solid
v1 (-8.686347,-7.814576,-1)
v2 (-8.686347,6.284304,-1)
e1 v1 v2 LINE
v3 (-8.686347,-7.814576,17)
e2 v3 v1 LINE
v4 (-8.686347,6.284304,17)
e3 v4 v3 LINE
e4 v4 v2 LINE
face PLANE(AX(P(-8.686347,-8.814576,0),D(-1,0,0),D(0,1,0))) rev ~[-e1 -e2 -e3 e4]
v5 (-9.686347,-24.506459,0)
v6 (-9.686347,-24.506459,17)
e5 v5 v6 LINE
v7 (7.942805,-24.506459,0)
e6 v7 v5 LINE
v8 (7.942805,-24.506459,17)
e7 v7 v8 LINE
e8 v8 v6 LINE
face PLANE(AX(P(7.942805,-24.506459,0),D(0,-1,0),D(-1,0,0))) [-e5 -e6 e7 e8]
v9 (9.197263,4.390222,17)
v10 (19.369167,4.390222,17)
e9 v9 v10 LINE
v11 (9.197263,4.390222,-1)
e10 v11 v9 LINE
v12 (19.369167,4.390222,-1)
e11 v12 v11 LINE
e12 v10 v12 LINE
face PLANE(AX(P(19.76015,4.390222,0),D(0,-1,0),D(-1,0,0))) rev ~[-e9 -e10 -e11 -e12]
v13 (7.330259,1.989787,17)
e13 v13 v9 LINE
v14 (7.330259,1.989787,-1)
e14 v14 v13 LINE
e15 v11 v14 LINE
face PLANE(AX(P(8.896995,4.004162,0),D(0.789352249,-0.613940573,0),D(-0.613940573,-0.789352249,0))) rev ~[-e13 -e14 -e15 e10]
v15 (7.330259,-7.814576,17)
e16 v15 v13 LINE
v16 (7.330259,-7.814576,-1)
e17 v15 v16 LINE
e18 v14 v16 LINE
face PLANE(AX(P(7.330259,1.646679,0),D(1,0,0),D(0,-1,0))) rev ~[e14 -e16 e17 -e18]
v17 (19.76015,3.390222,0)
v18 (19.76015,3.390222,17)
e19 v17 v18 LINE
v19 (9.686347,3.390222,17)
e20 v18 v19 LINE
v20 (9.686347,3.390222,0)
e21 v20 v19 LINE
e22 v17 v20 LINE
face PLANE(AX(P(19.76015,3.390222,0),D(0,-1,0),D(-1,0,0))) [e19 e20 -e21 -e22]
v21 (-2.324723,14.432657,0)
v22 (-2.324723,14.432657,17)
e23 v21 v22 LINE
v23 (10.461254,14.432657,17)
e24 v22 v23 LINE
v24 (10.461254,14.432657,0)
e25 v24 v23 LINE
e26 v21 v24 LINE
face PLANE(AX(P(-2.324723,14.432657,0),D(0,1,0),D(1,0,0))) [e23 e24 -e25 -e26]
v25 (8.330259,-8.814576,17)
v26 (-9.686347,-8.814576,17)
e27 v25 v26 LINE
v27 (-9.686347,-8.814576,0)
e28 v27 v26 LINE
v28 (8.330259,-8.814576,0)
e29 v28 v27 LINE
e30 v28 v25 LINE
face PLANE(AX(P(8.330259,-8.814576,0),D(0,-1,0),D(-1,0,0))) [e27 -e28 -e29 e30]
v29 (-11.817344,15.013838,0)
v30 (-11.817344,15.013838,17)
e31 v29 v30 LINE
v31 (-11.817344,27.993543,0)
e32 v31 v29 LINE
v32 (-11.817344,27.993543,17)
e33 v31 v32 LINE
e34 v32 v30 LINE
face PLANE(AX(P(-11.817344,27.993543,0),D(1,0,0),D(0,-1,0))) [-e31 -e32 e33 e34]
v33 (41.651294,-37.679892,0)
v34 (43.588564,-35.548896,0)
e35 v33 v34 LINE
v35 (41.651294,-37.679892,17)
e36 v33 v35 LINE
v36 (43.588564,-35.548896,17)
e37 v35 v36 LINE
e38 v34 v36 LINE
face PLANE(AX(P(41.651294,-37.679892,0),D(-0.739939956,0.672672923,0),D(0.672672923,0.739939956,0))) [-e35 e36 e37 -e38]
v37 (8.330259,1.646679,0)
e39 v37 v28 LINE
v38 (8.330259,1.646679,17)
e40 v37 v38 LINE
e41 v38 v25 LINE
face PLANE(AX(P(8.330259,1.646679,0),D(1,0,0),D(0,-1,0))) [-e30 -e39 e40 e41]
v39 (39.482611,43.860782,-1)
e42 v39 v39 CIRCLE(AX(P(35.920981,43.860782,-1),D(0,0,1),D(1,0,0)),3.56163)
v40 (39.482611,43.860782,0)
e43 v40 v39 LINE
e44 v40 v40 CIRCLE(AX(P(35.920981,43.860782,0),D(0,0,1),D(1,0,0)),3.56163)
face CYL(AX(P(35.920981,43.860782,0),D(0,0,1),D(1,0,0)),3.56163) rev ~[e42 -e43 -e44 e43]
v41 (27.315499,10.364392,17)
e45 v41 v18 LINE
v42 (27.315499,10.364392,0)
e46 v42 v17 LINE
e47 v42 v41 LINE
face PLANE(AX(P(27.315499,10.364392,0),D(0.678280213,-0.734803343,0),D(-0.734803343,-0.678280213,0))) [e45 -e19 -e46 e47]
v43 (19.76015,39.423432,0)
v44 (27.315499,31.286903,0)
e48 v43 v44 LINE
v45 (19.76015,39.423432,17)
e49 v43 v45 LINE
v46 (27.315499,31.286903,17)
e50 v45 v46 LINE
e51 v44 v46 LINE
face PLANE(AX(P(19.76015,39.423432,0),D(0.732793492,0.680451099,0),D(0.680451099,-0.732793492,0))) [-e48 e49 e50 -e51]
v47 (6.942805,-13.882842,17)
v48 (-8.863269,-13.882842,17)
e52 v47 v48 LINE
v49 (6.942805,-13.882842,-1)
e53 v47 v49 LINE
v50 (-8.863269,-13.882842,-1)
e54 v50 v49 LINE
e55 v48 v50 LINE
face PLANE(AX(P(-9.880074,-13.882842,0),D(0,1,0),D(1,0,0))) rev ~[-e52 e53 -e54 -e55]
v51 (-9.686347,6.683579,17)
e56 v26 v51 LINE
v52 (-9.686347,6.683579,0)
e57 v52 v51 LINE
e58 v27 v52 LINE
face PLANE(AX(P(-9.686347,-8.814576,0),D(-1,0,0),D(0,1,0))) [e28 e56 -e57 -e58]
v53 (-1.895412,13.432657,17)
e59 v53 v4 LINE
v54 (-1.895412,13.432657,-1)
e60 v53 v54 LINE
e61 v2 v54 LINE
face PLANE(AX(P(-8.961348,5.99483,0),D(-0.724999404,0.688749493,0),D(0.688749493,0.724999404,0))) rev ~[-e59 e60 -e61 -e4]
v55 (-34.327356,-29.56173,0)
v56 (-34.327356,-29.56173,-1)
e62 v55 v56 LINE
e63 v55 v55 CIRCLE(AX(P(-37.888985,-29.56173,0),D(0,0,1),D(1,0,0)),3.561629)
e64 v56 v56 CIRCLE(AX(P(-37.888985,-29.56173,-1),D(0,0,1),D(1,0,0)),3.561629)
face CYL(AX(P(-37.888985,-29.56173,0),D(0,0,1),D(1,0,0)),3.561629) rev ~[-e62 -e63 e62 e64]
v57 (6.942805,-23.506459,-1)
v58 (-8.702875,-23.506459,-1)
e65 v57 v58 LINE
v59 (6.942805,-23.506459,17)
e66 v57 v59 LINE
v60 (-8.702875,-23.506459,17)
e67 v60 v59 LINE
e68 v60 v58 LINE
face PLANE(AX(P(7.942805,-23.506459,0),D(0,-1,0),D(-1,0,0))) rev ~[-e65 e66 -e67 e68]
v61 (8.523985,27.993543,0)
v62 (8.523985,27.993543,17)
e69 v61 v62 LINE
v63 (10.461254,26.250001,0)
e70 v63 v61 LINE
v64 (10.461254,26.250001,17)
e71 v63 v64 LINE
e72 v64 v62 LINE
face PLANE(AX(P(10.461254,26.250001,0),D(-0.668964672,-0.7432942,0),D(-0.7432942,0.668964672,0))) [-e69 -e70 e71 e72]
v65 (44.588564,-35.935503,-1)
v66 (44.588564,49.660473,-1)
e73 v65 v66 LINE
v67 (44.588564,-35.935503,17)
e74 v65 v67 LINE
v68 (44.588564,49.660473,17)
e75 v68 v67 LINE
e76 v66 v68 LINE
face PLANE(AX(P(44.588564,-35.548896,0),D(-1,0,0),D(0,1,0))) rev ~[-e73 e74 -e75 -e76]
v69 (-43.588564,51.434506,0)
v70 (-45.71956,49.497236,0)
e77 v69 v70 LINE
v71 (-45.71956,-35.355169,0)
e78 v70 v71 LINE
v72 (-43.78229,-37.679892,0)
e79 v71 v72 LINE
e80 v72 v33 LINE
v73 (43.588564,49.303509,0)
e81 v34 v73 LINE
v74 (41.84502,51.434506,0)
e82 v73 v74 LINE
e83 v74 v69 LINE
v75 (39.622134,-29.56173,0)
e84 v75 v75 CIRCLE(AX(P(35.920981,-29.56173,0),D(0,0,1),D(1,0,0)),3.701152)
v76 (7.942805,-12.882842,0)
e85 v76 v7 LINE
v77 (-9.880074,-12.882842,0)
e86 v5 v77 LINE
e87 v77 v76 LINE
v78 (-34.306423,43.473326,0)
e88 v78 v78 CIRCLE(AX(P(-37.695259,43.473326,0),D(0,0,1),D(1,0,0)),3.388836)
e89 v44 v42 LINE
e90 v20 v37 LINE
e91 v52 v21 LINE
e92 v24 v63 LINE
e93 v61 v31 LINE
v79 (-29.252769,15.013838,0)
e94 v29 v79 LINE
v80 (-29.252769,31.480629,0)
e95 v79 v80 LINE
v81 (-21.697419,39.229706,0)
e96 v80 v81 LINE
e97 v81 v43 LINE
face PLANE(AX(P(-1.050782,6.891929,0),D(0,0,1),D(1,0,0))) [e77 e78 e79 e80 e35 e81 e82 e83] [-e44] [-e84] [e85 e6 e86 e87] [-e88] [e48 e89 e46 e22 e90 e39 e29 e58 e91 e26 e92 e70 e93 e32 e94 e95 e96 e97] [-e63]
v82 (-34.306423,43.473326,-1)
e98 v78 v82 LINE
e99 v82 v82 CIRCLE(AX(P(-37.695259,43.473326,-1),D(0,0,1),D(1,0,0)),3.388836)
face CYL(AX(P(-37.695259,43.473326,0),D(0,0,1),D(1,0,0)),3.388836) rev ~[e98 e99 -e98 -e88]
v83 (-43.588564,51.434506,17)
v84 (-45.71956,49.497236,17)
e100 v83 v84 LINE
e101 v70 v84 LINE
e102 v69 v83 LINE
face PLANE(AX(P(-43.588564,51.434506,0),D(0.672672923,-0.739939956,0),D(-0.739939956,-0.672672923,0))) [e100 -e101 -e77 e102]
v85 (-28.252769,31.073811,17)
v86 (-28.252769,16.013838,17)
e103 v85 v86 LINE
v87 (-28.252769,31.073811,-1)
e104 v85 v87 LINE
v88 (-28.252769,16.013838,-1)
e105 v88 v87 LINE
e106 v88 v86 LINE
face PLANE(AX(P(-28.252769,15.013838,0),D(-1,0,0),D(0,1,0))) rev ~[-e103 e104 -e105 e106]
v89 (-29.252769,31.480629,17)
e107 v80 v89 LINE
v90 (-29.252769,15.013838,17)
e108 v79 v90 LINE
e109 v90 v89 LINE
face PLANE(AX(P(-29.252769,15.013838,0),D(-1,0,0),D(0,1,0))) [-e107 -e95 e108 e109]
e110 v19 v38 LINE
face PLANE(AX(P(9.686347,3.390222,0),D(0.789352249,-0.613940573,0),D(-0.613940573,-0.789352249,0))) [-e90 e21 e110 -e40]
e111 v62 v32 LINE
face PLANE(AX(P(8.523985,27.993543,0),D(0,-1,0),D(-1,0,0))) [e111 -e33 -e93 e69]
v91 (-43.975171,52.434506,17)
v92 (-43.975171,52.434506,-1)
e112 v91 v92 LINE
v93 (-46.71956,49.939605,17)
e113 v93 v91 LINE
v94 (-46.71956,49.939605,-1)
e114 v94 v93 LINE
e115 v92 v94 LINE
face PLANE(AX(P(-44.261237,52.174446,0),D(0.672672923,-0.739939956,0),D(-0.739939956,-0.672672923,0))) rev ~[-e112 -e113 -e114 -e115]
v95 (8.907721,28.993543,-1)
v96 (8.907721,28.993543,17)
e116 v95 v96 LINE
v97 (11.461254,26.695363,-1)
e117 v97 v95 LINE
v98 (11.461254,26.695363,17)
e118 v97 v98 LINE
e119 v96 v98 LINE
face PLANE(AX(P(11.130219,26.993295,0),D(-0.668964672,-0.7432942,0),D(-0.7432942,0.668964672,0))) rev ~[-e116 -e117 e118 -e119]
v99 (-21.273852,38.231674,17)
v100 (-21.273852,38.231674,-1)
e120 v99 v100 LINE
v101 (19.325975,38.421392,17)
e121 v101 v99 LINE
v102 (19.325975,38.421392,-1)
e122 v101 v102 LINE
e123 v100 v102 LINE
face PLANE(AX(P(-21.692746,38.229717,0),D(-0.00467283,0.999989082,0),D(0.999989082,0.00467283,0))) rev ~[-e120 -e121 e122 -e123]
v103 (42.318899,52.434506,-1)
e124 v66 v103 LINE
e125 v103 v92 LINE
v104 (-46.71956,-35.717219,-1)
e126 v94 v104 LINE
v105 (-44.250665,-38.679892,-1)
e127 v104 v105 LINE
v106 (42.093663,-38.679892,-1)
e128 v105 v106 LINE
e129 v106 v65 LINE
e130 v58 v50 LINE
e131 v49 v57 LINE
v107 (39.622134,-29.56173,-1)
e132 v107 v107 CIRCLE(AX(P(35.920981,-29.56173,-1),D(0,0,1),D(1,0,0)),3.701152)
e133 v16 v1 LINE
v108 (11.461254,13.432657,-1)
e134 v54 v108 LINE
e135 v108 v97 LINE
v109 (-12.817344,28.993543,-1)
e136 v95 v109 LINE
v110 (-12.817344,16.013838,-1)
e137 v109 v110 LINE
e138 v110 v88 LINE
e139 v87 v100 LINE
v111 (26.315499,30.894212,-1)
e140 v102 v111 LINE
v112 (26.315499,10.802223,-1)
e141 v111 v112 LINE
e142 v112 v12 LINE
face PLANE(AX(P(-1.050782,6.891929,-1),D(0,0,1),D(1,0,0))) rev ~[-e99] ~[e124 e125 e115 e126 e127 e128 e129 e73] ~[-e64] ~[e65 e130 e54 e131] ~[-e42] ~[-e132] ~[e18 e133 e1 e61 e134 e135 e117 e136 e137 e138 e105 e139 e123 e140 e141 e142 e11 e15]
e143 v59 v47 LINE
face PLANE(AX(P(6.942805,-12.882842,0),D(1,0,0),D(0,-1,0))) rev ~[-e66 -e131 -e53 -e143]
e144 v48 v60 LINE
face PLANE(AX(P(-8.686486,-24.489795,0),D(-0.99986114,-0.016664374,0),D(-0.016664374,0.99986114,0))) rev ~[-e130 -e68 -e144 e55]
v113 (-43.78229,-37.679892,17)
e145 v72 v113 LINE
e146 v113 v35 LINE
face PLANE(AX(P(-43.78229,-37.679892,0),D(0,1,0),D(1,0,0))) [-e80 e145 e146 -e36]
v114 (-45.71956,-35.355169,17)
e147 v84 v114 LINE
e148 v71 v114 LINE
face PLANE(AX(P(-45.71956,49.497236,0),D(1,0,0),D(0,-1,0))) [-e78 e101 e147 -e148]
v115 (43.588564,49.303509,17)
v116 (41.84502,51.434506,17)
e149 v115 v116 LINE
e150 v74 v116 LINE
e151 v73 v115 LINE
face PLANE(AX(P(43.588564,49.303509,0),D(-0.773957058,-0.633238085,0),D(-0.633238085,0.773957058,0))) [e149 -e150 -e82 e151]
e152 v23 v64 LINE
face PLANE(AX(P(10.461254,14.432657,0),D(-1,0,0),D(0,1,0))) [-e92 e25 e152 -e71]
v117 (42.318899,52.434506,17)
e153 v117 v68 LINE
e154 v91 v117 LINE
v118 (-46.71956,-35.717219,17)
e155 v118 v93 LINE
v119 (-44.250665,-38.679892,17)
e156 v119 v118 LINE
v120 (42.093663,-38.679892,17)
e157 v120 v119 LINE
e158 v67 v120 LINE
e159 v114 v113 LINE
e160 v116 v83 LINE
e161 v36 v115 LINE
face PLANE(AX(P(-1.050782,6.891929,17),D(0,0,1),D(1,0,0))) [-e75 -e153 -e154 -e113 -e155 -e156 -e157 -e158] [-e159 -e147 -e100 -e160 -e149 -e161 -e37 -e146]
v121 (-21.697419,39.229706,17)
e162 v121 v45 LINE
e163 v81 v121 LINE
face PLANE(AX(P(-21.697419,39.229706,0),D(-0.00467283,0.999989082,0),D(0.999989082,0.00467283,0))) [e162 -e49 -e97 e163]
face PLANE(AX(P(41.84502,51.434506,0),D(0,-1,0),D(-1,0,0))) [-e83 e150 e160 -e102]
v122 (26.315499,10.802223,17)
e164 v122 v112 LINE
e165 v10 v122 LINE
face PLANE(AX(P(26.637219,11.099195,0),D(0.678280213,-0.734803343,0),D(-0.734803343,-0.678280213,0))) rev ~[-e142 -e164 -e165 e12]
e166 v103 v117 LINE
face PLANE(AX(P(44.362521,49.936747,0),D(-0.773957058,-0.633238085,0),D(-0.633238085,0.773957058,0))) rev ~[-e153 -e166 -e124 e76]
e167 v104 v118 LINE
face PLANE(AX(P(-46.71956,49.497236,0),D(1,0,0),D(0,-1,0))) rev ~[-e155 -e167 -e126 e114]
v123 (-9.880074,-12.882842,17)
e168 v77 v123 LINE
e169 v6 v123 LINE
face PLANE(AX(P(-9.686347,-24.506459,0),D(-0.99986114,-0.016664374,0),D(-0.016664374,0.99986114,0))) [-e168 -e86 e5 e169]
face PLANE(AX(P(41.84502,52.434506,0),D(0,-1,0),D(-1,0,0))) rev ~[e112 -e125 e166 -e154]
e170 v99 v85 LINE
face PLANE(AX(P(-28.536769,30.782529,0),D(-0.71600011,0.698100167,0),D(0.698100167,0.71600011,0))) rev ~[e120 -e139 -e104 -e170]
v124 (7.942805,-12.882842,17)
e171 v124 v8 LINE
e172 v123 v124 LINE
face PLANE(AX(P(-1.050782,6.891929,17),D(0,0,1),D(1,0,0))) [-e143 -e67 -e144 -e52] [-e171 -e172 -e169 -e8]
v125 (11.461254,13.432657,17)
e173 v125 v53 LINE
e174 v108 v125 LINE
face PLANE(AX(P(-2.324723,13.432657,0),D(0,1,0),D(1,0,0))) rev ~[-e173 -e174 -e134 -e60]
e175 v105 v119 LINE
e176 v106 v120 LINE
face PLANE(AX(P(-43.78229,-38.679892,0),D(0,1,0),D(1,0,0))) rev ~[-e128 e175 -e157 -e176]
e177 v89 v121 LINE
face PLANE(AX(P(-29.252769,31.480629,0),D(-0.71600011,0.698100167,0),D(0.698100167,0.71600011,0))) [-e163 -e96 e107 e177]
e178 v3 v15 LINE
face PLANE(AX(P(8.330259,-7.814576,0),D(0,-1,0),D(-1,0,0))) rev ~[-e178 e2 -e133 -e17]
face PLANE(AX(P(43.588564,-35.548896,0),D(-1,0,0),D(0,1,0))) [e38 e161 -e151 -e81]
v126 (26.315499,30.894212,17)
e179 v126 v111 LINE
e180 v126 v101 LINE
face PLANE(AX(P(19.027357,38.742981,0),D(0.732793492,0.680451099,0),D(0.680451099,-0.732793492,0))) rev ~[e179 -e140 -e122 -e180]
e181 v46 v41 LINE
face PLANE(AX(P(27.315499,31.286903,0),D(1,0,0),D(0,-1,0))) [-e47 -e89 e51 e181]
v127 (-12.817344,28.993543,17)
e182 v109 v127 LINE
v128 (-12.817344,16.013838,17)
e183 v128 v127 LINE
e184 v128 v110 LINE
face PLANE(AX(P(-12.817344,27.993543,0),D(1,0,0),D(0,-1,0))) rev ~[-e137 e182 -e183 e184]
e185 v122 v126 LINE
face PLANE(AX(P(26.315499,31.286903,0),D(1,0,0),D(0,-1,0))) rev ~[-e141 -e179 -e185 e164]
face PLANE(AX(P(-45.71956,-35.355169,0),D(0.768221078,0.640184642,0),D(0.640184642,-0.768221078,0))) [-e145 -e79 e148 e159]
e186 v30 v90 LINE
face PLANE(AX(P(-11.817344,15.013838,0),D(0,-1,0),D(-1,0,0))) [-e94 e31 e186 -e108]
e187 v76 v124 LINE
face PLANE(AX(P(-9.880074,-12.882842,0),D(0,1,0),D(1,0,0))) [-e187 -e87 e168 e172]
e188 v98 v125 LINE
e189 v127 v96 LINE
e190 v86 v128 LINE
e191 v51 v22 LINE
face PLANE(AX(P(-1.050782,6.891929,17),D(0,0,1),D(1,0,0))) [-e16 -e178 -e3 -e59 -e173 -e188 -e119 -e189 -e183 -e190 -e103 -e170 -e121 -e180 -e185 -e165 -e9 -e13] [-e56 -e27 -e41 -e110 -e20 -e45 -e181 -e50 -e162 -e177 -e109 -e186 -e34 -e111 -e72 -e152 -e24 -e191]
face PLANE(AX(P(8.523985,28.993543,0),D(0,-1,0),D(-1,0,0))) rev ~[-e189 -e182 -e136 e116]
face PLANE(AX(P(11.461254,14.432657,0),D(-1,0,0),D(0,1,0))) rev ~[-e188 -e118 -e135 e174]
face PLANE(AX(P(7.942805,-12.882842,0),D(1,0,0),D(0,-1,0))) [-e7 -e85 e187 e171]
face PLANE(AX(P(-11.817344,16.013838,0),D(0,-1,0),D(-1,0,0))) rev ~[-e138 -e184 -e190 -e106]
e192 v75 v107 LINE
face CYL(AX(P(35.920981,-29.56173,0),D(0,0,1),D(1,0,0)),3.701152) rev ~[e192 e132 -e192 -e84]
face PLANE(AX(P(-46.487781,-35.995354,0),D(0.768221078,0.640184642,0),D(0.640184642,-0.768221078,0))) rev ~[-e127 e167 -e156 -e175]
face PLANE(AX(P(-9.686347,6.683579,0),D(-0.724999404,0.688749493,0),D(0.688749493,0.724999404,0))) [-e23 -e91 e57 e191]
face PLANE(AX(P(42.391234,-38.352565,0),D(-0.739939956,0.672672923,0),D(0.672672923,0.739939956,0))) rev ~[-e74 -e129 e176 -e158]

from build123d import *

# Parameters (mm, degrees)
F1_DEPTH = 17
F2_T     = 1
F3_R     = 3.5616299701
F3_R_2   = 3.3888359299
F3_R_3   = 3.7011523773
F3_R_4   = 3.561628653
F4_DEPTH = 25


with BuildPart() as f1:
    # F0 (on Top) → F1 (new body)
    with BuildSketch(Plane.XY):
        Polygon((-43.5885637999, 51.4345057309), (-45.7195602357, 49.4972355664), (-45.7195602357, -35.3551693261), (-43.7822900712, -37.6798920333), (41.6512936354, -37.6798920333), (43.5885637999, -35.5488955975), (43.5885637999, 49.303509295), (41.8450199068, 51.4345057309), align=None)
        Polygon((-9.6863470972, -24.5064590126), (-9.8800742999, -12.882841751), (7.9428050667, -12.882841751), (7.9428050667, -24.5064590126), align=None, mode=Mode.SUBTRACT)
        Polygon((-29.2527694255, 31.4806289971), (-21.6974187642, 39.2297059298), (19.7601504624, 39.4234322011), (27.315499261, 31.2869027257), (27.315499261, 10.364391841), (19.7601504624, 3.3902216237), (9.6863470972, 3.3902216237), (8.3302585408, 1.6466790112), (8.3302585408, -8.8145760819), (-9.6863470972, -8.8145760819), (-9.6863470972, 6.6835791804), (-2.3247229401, 14.4326565787), (10.4612540454, 14.4326565787), (10.4612540454, 26.2500010431), (8.5239848122, 27.9935430735), (-11.817343533, 27.9935430735), (-11.817343533, 26.4437273145), (-11.817343533, 15.0138381869), (-29.2527694255, 15.0138381869), align=None, mode=Mode.SUBTRACT)
    extrude(amount=F1_DEPTH)

    # F2
    f2_openings = [f1.faces().sort_by_distance(p)[0] for p in [
        (-0.871772, 50.172867, 17),
    ]]
    offset(amount=F2_T, openings=f2_openings, kind=Kind.INTERSECTION)

    # F3 (on Top) → F4 (cut)
    with BuildSketch(Plane.XY):
        with Locations((35.9209813178, 43.8607819378)):
            Circle(F3_R)
        with Locations((-37.6952588558, 43.4733256698)):
            Circle(F3_R_2)
        with Locations((35.9209813178, -29.5617301017)):
            Circle(F3_R_3)
        with Locations((-37.8889851272, -29.5617301017)):
            Circle(F3_R_4)
    extrude(amount=-F4_DEPTH, mode=Mode.SUBTRACT)


solid = f1.part
